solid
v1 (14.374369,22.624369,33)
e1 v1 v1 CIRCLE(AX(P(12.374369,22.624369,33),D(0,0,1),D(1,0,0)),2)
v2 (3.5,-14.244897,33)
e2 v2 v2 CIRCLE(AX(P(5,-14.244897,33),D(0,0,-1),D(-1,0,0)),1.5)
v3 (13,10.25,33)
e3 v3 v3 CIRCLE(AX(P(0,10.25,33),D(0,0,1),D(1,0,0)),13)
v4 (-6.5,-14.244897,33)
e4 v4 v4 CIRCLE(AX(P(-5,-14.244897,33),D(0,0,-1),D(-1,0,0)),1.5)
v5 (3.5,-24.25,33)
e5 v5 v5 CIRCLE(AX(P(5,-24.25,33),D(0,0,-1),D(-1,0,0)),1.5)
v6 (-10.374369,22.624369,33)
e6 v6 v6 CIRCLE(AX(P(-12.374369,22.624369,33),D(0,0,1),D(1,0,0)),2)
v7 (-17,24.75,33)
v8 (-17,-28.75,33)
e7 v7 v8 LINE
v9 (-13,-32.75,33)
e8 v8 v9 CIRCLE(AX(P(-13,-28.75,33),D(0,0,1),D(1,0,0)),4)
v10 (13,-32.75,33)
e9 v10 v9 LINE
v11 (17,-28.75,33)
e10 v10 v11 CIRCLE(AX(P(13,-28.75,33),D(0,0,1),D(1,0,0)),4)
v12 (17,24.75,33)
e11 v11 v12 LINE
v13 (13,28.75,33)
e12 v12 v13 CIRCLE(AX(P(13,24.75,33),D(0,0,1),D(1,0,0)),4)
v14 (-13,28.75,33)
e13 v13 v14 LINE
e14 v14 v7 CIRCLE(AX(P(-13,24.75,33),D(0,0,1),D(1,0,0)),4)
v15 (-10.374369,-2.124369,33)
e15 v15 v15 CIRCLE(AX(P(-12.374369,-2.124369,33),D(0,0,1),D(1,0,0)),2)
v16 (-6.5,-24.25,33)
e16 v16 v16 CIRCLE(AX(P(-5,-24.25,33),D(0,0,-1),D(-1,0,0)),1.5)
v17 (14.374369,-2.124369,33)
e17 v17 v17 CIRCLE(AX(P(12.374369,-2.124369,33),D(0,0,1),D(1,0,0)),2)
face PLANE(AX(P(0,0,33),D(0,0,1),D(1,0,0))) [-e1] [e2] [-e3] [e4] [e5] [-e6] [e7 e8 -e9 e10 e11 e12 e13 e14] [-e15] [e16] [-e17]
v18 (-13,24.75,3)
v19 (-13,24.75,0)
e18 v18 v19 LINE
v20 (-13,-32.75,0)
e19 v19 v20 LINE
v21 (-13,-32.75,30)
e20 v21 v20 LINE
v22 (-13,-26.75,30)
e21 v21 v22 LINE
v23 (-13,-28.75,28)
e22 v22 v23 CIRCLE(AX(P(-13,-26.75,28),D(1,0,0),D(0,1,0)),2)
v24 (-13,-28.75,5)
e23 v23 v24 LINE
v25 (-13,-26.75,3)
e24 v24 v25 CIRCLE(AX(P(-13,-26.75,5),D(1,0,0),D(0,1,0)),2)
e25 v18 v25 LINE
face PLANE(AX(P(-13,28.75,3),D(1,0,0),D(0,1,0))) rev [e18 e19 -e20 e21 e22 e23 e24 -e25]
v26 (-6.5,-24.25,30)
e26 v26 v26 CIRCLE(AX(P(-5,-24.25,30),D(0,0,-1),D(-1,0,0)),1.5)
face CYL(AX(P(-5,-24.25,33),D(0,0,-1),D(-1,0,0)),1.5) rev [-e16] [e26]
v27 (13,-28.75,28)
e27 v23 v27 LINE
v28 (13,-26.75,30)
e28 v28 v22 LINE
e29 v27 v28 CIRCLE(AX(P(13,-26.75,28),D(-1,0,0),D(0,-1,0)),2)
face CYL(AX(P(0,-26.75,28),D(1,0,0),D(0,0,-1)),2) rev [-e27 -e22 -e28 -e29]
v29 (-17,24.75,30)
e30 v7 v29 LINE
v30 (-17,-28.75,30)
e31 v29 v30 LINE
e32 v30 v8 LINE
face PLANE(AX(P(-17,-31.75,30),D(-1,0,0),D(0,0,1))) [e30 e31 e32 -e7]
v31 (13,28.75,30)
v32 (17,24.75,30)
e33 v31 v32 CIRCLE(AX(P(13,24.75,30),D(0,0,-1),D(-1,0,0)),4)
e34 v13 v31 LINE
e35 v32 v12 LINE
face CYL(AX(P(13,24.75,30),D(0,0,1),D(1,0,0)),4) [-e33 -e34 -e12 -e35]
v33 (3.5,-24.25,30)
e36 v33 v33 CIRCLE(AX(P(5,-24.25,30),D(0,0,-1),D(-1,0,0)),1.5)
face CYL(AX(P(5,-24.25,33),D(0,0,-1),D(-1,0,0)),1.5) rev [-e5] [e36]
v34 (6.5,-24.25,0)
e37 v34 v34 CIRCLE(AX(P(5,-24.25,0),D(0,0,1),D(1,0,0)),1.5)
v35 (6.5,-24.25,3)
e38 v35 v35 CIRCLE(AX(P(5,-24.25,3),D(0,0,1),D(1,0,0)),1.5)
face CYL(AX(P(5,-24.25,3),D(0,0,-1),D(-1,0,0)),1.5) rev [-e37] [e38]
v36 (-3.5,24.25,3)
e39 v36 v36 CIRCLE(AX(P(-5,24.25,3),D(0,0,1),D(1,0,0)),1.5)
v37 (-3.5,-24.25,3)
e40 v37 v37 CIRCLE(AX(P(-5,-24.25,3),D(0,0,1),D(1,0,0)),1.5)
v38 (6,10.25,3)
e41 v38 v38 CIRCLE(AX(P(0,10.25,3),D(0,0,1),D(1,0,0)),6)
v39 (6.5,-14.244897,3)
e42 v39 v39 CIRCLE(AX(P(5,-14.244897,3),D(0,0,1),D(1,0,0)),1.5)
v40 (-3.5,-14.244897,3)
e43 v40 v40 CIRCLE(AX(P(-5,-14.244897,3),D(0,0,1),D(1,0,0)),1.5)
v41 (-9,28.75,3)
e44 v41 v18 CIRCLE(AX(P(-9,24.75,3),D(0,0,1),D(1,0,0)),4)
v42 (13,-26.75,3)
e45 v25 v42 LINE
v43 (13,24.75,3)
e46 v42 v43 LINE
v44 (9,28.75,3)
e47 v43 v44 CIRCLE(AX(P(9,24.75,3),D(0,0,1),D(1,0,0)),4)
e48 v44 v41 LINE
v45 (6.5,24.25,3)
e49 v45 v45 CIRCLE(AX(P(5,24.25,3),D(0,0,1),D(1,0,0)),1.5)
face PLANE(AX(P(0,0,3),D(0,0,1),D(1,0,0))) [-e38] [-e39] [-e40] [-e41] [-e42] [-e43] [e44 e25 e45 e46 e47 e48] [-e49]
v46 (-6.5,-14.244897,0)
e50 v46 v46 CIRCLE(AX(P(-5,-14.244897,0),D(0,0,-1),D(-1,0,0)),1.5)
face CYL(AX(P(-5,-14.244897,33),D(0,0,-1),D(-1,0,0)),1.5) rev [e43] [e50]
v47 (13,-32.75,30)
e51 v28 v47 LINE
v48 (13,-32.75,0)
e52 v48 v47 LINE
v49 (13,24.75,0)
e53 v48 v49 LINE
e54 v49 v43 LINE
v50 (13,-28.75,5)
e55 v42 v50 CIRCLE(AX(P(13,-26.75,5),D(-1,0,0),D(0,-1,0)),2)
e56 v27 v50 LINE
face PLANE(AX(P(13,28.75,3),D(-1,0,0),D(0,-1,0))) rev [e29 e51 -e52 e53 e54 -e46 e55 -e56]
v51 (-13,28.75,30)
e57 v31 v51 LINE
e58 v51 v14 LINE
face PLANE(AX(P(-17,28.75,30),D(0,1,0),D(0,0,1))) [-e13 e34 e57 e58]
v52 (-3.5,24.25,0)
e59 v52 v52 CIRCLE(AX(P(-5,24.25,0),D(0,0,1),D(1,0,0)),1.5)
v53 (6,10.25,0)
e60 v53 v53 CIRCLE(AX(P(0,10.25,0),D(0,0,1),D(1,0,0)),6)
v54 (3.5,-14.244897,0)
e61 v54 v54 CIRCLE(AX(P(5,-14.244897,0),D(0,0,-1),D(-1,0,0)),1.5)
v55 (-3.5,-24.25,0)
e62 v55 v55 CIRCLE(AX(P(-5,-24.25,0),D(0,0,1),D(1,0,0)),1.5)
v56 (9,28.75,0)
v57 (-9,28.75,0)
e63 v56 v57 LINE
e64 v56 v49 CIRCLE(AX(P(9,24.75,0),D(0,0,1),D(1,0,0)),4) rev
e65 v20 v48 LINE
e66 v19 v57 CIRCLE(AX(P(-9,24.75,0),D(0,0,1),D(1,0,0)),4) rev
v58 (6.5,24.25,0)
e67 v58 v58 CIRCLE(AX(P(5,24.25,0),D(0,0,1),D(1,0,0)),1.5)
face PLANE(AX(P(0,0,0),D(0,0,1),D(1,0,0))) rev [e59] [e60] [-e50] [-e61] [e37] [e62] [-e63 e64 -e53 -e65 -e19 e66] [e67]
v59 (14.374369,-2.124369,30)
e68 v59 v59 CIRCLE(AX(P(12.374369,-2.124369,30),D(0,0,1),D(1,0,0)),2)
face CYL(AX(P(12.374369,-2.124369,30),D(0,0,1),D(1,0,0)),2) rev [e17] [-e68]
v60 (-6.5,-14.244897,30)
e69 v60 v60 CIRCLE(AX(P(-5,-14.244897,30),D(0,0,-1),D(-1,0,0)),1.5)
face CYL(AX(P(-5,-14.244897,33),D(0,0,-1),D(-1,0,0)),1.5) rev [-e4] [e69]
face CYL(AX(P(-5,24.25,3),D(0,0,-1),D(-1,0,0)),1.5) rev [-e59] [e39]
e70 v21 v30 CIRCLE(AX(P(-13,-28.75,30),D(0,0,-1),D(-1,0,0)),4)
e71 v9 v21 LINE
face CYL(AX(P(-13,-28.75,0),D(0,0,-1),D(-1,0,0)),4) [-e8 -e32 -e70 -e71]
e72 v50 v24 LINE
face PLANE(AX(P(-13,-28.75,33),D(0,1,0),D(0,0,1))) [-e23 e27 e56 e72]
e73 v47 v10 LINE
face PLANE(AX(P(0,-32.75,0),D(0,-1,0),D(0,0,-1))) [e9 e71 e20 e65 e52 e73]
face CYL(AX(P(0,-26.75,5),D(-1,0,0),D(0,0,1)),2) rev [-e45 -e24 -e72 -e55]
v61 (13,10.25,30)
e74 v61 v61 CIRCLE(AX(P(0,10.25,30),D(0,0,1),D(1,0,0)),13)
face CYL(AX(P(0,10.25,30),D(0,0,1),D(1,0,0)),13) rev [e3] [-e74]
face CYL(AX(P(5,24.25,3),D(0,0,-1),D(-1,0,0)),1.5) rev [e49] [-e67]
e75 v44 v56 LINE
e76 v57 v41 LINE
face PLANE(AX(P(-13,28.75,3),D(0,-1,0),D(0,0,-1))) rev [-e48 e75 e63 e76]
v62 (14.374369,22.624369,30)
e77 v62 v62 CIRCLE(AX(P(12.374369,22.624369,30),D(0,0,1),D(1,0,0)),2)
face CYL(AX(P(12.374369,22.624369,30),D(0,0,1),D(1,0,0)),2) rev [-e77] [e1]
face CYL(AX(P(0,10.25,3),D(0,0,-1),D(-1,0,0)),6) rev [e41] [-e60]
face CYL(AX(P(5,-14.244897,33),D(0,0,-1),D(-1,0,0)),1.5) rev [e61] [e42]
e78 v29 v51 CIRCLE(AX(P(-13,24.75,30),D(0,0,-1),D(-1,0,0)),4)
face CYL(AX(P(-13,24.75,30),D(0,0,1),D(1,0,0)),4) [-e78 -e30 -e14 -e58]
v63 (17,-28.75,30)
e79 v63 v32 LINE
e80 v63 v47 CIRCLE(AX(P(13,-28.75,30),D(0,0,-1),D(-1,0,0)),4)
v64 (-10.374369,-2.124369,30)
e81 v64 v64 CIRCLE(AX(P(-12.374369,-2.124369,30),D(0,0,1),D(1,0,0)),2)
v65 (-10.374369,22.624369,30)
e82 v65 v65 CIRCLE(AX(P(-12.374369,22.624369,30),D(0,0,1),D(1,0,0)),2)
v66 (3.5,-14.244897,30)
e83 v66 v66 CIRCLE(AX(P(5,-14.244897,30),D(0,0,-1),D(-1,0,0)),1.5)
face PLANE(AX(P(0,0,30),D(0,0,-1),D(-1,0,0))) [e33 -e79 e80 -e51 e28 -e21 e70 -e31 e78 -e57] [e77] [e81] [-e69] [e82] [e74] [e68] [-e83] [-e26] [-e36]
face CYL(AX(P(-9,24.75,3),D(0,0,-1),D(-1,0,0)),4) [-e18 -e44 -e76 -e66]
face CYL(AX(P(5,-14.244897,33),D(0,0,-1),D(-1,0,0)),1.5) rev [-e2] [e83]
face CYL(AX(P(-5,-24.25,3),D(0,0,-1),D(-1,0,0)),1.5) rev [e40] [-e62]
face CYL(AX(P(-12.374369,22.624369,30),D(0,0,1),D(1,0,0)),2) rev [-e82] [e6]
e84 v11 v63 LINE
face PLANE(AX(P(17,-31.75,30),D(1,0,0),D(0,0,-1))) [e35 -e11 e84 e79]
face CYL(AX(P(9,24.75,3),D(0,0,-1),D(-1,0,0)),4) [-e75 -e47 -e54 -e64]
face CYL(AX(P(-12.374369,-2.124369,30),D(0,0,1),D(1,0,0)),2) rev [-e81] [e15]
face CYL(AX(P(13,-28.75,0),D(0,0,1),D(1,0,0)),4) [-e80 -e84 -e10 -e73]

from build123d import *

# Parameters (mm, degrees)
SKETCH_1_W          = 26
SKETCH_1_H          = 57.5
SKETCH_1_R          = 1.5
SKETCH_1_R_2        = 6
EXTRUDE_1_DEPTH     = 3
SKETCH_2_W          = 26
SKETCH_2_H          = 3
EXTRUDE_2_DEPTH     = 33
SKETCH_3_W          = 34
SKETCH_3_H          = 60.5
SKETCH_3_R          = 2
SKETCH_3_R_2        = 13
EXTRUDE_3_DEPTH     = 3
FILLET_1_R          = 2
EXTRUDE_4_DEPTH     = 1
FILLET_2_R          = 4
SKETCH_5_R          = 1.5
CUT_EXTRUDE_1_DEPTH = 50.503156465


with BuildPart() as part:
    # 草图1 → 凸台-拉伸1 (new body)
    with BuildSketch(Plane.XY):
        Rectangle(SKETCH_1_W, SKETCH_1_H)
        with Locations((-5, 24.25)):
            Circle(SKETCH_1_R, mode=Mode.SUBTRACT)
        with Locations((5, 24.25)):
            Circle(SKETCH_1_R, mode=Mode.SUBTRACT)
        with Locations((5, -24.25)):
            Circle(SKETCH_1_R, mode=Mode.SUBTRACT)
        with Locations((-5, -24.25)):
            Circle(SKETCH_1_R, mode=Mode.SUBTRACT)
        with Locations((0, 10.25)):
            Circle(SKETCH_1_R_2, mode=Mode.SUBTRACT)
    extrude(amount=EXTRUDE_1_DEPTH)

    # 草图2 → 凸台-拉伸2 (add)
    with BuildSketch(Plane(origin=(0, 0, 0), x_dir=(-1, 0, 0), z_dir=(0, 0, -1))):
        with Locations((0, -30.25)):
            Rectangle(SKETCH_2_W, SKETCH_2_H)
    extrude(amount=-EXTRUDE_2_DEPTH)

    # 草图3 → 凸台-拉伸3 (add)
    with BuildSketch(Plane.XY.offset(33)):
        with Locations((0, -1.5)):
            Rectangle(SKETCH_3_W, SKETCH_3_H)
        with Locations((12.374368671, 22.624368671)):
            Circle(SKETCH_3_R, mode=Mode.SUBTRACT)
        with Locations((12.374368671, -2.124368671)):
            Circle(SKETCH_3_R, mode=Mode.SUBTRACT)
        with Locations((-12.374368671, -2.124368671)):
            Circle(SKETCH_3_R, mode=Mode.SUBTRACT)
        with Locations((-12.374368671, 22.624368671)):
            Circle(SKETCH_3_R, mode=Mode.SUBTRACT)
        with Locations((0, 10.25)):
            Circle(SKETCH_3_R_2, mode=Mode.SUBTRACT)
    extrude(amount=-EXTRUDE_3_DEPTH)

    # 圆角1
    fillet_1_edges = [part.edges().sort_by_distance(p)[0] for p in [
        (0, -28.75, 3),
        (0, -28.75, 30),
    ]]
    fillet(fillet_1_edges, radius=FILLET_1_R)

    # 草图4 → 凸台-拉伸4 (add)
    with BuildSketch(Plane.XZ.offset(31.75)):
        Polygon((13, 0), (13, 30), (17, 30), (17, 33), (-17, 33), (-17, 30), (-13, 30), (-13, 0), align=None)
    extrude(amount=EXTRUDE_4_DEPTH)

    # 圆角2
    fillet_2_edges = [part.edges().sort_by_distance(p)[0] for p in [
        (-13, 28.75, 1.5),
        (13, 28.75, 1.5),
        (-17, 28.75, 31.5),
        (17, 28.75, 31.5),
        (17, -32.75, 31.5),
        (-17, -32.75, 31.5),
    ]]
    fillet(fillet_2_edges, radius=FILLET_2_R)

    # 草图5 → 切除-拉伸1 (cut, through all)
    with BuildSketch(Plane(origin=(0, 0, 0), x_dir=(-1, 0, 0), z_dir=(0, 0, -1))):
        with Locations(Location((-5, -24.25, 0), (0, 0, 180))):
            Circle(SKETCH_5_R)
        with Locations(Location((5, -24.25, 0), (0, 0, 180))):
            Circle(SKETCH_5_R)
        with Locations((-5, -14.244897428)):
            Circle(SKETCH_5_R)
        with Locations((5, -14.244897428)):
            Circle(SKETCH_5_R)
    extrude(amount=-CUT_EXTRUDE_1_DEPTH, mode=Mode.SUBTRACT)


solid = part.part
